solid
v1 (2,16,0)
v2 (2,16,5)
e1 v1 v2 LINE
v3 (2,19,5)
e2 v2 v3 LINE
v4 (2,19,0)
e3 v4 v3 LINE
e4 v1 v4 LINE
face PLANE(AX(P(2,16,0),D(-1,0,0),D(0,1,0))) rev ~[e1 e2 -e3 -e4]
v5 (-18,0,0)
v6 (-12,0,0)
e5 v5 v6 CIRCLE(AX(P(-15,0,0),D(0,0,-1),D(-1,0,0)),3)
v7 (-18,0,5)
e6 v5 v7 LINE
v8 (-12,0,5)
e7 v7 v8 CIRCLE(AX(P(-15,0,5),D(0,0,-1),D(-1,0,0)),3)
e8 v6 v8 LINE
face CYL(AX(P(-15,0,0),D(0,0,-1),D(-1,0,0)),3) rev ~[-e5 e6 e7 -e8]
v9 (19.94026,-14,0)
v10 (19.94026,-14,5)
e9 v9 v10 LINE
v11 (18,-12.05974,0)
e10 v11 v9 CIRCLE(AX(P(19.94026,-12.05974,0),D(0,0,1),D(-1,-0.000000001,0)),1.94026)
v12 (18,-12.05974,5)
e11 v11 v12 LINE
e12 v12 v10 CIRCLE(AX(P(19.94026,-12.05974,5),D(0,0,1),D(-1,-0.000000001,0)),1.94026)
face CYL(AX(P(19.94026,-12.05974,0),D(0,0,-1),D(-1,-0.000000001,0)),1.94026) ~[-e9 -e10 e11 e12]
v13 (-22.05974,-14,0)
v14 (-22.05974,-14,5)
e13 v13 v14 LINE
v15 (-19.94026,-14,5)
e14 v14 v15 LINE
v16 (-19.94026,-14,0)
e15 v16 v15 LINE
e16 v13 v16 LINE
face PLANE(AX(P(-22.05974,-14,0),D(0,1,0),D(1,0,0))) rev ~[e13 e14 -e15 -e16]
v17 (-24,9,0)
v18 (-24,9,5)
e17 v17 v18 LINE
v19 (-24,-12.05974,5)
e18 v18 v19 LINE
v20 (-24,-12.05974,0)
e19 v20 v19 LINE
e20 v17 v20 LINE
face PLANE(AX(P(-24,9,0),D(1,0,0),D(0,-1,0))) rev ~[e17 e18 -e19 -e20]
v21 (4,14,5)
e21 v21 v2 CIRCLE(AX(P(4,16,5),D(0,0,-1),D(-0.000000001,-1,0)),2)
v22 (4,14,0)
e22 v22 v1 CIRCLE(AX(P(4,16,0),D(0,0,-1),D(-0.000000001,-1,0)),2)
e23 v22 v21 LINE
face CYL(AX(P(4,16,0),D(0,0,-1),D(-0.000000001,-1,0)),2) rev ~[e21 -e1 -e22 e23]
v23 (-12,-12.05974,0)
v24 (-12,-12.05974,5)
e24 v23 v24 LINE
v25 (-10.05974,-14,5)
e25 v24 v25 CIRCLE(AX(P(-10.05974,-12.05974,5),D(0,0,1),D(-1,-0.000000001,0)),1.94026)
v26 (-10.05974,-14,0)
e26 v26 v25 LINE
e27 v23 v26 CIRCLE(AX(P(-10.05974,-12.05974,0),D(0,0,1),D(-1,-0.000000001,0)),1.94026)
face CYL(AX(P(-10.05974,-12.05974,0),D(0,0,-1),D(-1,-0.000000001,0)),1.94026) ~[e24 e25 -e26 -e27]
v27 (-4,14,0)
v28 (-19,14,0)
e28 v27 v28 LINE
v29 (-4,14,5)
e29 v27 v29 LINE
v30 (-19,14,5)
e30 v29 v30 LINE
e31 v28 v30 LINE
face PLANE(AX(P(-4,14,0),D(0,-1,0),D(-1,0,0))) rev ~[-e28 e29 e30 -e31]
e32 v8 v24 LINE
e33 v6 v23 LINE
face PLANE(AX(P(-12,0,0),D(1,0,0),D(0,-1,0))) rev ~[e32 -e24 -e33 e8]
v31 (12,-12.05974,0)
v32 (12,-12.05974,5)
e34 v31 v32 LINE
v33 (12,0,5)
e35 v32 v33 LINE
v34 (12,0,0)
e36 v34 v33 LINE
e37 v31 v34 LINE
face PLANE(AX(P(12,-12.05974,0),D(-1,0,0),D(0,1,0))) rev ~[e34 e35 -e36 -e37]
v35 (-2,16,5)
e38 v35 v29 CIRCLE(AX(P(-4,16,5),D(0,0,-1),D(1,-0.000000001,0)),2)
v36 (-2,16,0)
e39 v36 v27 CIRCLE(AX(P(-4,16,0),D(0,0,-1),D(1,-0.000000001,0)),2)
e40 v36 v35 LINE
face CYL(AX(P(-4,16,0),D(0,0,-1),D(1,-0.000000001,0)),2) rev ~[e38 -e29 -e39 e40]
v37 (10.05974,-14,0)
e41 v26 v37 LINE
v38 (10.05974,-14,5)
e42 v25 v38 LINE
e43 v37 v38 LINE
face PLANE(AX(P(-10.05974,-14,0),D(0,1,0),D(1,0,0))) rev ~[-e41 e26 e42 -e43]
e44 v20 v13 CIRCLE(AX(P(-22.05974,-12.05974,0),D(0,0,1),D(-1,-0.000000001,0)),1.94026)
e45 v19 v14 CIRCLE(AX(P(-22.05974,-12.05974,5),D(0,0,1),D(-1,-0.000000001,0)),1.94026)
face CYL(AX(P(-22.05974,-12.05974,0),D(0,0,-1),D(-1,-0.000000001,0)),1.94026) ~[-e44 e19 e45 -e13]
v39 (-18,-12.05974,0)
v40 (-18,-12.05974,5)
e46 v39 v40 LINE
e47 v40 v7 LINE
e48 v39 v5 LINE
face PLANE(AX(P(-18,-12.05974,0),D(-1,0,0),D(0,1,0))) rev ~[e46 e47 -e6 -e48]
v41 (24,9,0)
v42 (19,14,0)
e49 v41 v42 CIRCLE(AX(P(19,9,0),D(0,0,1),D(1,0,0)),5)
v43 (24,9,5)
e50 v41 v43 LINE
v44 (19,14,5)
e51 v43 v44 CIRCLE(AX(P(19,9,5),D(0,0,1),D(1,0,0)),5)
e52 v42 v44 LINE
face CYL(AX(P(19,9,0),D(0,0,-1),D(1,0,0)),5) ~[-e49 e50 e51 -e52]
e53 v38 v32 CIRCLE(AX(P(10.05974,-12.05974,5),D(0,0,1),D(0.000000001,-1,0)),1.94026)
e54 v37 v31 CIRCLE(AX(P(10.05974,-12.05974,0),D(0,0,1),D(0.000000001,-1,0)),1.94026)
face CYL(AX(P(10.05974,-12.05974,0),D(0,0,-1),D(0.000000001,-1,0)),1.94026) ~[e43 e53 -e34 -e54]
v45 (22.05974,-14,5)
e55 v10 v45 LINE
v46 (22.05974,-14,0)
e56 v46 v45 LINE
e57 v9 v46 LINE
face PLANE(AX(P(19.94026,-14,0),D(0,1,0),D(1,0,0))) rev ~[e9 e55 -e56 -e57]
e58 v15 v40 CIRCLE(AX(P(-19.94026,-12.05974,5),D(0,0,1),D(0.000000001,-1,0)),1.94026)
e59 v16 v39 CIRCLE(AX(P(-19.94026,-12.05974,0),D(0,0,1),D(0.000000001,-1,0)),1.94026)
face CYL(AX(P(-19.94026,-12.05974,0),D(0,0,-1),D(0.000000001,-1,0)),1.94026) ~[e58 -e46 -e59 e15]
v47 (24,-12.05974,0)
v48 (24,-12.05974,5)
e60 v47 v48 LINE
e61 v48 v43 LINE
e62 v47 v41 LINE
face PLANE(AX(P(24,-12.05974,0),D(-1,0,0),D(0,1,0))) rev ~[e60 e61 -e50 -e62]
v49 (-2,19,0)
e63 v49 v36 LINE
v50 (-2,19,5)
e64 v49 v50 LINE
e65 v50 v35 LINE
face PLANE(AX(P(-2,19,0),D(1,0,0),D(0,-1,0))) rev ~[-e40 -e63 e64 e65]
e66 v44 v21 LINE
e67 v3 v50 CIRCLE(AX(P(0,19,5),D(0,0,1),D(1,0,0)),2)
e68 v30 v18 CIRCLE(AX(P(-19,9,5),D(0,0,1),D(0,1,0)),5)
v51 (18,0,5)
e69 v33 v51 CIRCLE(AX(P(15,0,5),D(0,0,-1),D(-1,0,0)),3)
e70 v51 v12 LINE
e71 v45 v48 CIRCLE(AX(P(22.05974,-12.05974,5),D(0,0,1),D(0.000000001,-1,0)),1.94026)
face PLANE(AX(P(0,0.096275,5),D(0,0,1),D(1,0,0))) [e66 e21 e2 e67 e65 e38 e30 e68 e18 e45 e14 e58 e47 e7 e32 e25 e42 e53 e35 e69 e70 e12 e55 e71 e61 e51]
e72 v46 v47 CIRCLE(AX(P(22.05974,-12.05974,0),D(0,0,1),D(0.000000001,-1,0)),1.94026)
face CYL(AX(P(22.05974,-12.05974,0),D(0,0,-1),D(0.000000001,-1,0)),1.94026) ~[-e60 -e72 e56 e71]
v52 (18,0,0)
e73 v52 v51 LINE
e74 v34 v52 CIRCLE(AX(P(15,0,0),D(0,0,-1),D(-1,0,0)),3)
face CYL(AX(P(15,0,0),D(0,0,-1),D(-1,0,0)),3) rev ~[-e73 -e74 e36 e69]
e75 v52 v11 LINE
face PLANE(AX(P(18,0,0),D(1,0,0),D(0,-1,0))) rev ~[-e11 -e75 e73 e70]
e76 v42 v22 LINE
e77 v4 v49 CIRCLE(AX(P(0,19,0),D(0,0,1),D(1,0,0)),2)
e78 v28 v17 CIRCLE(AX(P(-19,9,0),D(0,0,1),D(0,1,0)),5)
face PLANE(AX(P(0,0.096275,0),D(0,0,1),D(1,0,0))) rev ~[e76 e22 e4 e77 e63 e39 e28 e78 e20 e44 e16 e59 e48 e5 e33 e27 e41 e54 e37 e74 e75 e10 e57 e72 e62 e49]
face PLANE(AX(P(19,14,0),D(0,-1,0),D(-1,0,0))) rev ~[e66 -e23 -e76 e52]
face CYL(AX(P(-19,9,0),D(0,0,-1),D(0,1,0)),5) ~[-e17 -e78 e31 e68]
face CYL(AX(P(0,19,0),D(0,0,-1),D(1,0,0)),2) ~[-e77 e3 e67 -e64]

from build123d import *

# Parameters (mm, degrees)
DODANIE_WYCI_GNI_CIE1_DEPTH = 5


with BuildPart() as part:
    # Szkic1 → Dodanie-wyciągnięcie1 (new body)
    with BuildSketch(Plane.XY):
        with BuildLine():
            Line((18, 0), (18, -12.05974013))
            ThreePointArc((18, -12.05974013), (18.568288959, -13.431711041), (19.94025987, -14))
            Line((19.94025987, -14), (22.05974013, -14))
            ThreePointArc((22.05974013, -14), (23.431711041, -13.431711041), (24, -12.05974013))
            Line((24, -12.05974013), (24, 9))
            ThreePointArc((24, 9), (22.535533906, 12.535533906), (19, 14))
            Line((19, 14), (4, 14))
            ThreePointArc((4, 14), (2.585786438, 14.585786438), (2, 16))
            Line((2, 16), (2, 19))
            ThreePointArc((2, 19), (0, 21), (-2, 19))
            Line((-2, 19), (-2, 16))
            ThreePointArc((-2, 16), (-2.585786438, 14.585786438), (-4, 14))
            Line((-4, 14), (-19, 14))
            ThreePointArc((-19, 14), (-22.535533906, 12.535533906), (-24, 9))
            Line((-24, 9), (-24, -12.05974013))
            ThreePointArc((-24, -12.05974013), (-23.431711041, -13.431711041), (-22.05974013, -14))
            Line((-22.05974013, -14), (-19.94025987, -14))
            ThreePointArc((-19.94025987, -14), (-18.568288959, -13.431711041), (-18, -12.05974013))
            Line((-18, -12.05974013), (-18, 0))
            ThreePointArc((-18, 0), (-15, 3), (-12, 0))
            Line((-12, 0), (-12, -12.05974013))
            ThreePointArc((-12, -12.05974013), (-11.431711041, -13.431711041), (-10.05974013, -14))
            Line((-10.05974013, -14), (10.05974013, -14))
            ThreePointArc((10.05974013, -14), (11.431711041, -13.431711041), (12, -12.05974013))
            Line((12, -12.05974013), (12, 0))
            ThreePointArc((12, 0), (15, 3), (18, 0))
        make_face()
    extrude(amount=DODANIE_WYCI_GNI_CIE1_DEPTH)


solid = part.part
